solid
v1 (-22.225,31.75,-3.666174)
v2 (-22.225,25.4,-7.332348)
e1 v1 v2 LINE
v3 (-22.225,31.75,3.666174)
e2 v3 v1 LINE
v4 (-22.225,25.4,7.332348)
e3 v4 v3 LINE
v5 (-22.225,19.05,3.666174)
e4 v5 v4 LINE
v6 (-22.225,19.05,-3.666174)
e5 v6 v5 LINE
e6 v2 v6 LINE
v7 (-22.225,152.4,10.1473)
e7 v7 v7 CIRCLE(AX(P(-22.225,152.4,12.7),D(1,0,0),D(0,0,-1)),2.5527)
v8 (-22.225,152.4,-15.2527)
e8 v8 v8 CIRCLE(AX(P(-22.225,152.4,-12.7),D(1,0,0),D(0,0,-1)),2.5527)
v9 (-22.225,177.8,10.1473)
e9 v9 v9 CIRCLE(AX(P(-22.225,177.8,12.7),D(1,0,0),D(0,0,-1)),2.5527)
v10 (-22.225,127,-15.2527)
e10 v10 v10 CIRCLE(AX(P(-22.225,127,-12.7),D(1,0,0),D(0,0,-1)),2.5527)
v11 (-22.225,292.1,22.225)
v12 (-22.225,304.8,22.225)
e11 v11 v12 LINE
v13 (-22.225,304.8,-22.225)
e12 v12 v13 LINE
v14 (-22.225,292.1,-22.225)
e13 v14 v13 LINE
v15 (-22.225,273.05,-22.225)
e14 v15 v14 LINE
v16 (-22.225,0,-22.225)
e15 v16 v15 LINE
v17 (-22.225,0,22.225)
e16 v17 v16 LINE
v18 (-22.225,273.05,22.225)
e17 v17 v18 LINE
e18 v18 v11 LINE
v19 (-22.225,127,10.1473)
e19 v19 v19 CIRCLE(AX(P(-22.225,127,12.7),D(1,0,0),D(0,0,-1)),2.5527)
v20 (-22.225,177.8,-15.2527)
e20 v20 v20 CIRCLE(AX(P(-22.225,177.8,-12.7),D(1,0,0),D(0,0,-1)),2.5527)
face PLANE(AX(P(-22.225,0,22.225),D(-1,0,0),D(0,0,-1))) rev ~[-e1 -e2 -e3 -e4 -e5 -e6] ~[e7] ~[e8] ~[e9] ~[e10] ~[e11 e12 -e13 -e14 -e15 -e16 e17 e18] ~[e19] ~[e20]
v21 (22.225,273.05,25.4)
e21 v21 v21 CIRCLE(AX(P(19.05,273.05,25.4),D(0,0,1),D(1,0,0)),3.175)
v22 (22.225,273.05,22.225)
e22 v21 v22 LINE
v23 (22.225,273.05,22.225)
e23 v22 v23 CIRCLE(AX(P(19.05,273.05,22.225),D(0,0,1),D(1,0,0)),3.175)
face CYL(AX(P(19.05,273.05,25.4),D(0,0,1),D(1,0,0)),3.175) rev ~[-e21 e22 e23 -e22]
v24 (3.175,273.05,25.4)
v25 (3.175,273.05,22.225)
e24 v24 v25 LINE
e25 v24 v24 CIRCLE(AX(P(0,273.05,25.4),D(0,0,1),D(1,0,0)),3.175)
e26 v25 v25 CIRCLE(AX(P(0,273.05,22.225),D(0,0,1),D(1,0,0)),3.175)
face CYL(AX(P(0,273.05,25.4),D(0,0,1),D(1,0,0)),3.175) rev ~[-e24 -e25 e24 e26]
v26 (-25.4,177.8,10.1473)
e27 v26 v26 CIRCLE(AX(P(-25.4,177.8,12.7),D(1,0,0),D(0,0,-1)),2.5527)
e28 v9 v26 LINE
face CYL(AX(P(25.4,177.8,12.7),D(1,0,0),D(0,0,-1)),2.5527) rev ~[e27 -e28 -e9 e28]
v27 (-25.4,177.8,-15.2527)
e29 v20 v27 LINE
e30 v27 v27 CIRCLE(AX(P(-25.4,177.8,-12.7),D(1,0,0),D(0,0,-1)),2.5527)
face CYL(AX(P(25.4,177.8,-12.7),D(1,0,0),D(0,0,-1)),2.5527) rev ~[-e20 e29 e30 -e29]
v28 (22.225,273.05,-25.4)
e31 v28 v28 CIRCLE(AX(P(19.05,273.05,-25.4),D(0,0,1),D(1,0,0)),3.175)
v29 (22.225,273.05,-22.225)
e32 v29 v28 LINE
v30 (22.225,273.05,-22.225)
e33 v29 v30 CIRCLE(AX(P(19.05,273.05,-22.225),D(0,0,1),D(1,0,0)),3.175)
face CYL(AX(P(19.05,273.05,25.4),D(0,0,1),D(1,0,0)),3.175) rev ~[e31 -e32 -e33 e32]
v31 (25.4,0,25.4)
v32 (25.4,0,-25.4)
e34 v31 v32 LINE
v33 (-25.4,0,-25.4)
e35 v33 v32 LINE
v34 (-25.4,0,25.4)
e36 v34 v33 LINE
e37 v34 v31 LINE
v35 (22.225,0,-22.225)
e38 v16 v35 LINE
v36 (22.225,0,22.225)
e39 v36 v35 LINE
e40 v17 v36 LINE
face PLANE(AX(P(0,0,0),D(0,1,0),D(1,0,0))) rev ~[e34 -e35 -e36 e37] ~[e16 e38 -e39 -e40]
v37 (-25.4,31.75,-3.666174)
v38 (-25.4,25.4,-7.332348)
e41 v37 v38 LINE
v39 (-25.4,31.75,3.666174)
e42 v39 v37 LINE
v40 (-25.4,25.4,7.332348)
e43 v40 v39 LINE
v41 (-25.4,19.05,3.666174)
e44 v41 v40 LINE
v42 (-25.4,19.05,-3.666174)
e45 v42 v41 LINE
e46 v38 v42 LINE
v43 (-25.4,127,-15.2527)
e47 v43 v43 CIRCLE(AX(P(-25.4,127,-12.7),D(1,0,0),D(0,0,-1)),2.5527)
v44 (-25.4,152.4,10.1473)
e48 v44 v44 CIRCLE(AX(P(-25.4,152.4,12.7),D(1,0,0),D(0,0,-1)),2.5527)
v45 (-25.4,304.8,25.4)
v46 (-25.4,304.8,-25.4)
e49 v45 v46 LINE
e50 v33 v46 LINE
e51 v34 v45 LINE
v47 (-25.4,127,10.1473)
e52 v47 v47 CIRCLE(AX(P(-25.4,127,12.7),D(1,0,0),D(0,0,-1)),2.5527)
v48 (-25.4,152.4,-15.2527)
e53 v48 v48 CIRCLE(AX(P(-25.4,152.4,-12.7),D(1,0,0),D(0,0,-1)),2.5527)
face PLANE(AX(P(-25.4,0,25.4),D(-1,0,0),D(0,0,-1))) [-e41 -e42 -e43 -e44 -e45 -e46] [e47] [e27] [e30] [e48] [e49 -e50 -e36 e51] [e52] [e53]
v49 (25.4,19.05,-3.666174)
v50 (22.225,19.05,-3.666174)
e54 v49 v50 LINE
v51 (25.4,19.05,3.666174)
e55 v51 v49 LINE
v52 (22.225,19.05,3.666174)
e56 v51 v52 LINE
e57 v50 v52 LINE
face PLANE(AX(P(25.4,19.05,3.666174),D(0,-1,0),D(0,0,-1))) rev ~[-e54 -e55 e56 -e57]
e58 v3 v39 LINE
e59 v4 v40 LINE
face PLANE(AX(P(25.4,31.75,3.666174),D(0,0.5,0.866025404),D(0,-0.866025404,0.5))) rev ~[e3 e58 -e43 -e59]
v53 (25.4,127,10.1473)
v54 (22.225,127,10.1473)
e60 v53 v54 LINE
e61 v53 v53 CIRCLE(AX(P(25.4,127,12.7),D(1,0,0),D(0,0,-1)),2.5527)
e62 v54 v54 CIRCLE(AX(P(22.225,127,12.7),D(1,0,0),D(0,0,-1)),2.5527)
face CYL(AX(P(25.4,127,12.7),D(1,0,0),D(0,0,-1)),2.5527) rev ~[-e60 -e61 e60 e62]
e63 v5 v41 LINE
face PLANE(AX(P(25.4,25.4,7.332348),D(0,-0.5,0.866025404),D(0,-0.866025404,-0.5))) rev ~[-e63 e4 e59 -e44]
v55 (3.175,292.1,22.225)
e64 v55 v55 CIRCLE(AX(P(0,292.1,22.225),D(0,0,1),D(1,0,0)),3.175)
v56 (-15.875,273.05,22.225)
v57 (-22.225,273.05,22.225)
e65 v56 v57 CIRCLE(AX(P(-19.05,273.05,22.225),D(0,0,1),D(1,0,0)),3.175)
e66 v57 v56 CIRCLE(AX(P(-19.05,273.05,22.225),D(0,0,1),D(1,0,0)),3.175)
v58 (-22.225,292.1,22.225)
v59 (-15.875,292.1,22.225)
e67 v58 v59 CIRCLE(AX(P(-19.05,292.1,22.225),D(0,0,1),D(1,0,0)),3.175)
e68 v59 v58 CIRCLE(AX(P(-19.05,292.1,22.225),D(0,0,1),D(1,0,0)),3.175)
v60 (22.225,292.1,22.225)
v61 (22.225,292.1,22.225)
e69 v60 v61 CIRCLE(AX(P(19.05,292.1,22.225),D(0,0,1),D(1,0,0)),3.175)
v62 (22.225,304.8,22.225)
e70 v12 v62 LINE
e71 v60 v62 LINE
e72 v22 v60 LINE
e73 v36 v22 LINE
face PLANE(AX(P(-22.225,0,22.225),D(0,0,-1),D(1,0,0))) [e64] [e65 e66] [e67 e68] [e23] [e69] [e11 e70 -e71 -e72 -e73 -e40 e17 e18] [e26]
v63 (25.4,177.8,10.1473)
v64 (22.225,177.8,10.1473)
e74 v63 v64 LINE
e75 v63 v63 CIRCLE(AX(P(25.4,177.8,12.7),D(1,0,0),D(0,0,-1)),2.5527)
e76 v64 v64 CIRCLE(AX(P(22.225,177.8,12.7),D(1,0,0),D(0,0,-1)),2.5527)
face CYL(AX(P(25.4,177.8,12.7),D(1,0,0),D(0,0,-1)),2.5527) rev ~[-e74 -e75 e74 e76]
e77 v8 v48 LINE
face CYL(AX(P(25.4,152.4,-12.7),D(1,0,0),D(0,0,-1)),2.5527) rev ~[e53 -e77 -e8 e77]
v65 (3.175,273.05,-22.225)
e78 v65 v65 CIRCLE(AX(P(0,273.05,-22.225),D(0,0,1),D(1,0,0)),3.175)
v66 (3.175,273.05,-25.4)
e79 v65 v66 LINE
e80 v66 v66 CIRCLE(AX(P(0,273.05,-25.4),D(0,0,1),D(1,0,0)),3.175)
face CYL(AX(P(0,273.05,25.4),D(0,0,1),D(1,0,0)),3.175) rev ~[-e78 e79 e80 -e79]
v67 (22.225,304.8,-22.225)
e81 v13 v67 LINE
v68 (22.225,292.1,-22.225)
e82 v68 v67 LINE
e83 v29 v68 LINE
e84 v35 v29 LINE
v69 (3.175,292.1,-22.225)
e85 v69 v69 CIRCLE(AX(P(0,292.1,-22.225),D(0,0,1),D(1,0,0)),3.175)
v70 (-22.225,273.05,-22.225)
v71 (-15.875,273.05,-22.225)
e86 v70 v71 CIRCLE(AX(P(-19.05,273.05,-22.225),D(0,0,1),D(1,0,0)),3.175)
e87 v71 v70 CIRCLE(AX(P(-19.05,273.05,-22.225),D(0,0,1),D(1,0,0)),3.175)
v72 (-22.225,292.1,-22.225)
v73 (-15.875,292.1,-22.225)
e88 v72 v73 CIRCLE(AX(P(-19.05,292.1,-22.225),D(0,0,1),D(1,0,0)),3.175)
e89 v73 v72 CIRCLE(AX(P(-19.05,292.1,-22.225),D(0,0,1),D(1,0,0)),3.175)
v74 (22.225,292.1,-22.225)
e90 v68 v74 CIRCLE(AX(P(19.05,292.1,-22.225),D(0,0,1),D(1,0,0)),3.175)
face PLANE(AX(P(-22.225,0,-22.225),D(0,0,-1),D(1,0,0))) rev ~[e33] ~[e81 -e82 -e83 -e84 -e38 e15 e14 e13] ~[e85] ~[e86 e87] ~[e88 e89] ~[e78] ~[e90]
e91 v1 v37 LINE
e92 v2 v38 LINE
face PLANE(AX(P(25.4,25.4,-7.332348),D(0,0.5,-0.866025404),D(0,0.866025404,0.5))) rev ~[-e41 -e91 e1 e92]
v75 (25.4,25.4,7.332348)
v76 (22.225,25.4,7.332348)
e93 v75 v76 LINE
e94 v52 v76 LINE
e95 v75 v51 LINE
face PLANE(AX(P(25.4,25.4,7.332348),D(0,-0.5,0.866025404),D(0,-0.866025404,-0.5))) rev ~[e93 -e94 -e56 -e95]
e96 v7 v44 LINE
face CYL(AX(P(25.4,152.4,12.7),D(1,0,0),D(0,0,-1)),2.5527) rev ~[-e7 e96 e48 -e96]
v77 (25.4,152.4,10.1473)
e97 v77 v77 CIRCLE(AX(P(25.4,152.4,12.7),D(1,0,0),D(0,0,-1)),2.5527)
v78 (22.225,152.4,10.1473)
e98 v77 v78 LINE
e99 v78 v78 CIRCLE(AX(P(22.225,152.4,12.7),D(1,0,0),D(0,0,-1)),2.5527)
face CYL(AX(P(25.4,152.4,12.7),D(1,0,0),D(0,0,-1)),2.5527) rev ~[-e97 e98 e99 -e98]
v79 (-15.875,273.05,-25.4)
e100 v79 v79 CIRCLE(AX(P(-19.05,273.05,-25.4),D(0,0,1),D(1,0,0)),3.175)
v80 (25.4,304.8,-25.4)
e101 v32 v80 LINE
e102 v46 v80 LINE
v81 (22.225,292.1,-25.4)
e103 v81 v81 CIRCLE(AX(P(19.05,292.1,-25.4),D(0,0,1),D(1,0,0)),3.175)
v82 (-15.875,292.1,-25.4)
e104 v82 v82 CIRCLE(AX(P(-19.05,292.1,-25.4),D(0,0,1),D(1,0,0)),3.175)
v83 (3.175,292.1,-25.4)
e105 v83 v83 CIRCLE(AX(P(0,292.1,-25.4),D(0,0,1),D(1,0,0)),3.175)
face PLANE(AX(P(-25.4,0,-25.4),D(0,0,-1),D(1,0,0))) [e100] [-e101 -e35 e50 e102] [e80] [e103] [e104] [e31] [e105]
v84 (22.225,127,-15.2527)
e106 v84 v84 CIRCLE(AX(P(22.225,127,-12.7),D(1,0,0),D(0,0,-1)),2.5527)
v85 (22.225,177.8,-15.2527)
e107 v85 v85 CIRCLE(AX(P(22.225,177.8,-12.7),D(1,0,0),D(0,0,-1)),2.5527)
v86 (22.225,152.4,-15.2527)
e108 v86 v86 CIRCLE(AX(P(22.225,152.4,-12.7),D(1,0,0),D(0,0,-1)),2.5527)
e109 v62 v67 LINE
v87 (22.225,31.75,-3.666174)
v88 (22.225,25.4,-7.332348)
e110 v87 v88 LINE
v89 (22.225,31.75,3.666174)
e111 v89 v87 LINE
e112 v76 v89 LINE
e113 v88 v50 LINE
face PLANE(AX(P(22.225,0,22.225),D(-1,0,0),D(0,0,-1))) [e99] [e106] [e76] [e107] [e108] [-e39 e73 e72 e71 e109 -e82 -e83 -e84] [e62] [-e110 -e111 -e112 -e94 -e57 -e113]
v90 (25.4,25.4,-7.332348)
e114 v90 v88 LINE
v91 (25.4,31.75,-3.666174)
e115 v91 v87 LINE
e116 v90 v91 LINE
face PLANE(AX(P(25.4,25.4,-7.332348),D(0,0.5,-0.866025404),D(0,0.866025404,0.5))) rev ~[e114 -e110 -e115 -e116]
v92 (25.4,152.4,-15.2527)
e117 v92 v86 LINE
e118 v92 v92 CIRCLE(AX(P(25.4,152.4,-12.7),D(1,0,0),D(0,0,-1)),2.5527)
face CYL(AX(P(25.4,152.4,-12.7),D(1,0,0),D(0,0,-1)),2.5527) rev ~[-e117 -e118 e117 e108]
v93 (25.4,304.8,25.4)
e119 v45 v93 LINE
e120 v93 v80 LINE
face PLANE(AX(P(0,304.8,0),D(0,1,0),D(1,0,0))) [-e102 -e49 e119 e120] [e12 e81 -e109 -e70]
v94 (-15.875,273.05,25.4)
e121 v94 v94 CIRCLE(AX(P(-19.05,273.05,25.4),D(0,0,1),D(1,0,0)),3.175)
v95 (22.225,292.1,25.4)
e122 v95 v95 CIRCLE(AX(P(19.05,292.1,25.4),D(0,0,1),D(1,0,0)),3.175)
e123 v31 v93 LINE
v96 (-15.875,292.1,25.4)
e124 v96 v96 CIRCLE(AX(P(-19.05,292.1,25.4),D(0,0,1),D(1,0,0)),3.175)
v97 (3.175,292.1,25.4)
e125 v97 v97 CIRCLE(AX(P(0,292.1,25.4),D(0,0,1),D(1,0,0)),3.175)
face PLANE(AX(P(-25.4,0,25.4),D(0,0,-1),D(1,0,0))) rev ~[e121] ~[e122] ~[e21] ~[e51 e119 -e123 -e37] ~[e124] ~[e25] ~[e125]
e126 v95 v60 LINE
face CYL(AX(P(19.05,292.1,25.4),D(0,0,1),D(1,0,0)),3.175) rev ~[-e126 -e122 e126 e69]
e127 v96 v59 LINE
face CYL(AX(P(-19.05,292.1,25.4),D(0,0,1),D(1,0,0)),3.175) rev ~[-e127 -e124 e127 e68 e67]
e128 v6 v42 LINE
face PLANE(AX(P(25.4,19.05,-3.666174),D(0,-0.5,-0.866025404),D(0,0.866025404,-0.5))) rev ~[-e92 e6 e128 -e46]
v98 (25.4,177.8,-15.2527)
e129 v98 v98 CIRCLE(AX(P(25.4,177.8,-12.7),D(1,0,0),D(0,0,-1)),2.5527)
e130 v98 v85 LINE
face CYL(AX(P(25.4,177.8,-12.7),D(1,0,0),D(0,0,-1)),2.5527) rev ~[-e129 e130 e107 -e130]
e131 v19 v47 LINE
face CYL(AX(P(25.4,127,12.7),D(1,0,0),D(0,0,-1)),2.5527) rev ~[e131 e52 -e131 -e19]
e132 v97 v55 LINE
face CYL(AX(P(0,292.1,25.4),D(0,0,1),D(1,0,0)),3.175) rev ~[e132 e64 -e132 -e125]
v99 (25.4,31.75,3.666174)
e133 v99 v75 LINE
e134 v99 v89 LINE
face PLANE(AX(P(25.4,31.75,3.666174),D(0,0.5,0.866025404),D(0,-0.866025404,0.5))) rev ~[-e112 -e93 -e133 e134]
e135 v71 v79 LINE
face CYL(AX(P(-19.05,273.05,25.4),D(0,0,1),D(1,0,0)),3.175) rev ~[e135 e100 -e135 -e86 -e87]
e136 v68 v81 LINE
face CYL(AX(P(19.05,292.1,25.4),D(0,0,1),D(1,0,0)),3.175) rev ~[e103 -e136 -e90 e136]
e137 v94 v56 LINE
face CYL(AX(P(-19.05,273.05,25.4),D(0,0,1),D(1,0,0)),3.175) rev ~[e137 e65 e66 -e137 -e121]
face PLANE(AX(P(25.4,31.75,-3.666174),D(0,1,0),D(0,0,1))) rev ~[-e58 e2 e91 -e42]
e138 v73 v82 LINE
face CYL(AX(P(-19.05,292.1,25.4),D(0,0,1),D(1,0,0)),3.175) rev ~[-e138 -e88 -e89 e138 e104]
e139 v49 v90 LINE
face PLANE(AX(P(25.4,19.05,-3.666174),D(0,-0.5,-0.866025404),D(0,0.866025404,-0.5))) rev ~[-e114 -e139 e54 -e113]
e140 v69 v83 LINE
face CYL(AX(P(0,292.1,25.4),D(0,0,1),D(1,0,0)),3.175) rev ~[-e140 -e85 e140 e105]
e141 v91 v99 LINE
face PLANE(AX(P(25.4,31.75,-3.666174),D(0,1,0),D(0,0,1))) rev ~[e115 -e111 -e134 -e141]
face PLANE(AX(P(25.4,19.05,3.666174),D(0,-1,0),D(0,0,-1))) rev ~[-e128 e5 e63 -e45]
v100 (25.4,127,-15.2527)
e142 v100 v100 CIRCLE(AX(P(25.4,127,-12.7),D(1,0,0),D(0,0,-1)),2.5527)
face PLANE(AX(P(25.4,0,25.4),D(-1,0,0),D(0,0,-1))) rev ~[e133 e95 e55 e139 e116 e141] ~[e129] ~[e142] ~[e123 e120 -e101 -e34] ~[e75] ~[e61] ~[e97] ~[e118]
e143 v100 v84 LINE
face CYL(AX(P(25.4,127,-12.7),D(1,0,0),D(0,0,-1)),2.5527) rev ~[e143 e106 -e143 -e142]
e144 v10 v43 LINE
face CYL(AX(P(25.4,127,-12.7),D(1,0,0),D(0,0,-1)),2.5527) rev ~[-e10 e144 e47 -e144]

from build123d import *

# Parameters (mm, degrees)
SKETCH1_W            = 50.8
SKETCH1_H            = 50.8
SKETCH1_W_2          = 44.45
SKETCH1_H_2          = 44.45
BOSS_EXTRUDE1_DEPTH  = 304.8
SKETCH2_R            = 3.175
CUT_EXTRUDE1_DEPTH   = 101.6
LPATTERN1_COUNT      = 3
LPATTERN1_PITCH      = 19.05
LPATTERN1_COUNT_DIR2 = 2
LPATTERN1_PITCH_DIR2 = 19.05
CUT_EXTRUDE2_DEPTH   = 311.04651264
SKETCH4_R            = 2.5527
CUT_EXTRUDE3_DEPTH   = 50.8
LPATTERN2_COUNT      = 3
LPATTERN2_PITCH      = 25.4
LPATTERN2_COUNT_DIR2 = 2
LPATTERN2_PITCH_DIR2 = 25.4


with BuildPart() as part:
    # Sketch1 → Boss-Extrude1 (new body)
    with BuildSketch(Plane(origin=(0, 0, 0), x_dir=(1, 0, 0), z_dir=(0, 1, 0))):
        Rectangle(SKETCH1_W, SKETCH1_H)
        Rectangle(SKETCH1_W_2, SKETCH1_H_2, mode=Mode.SUBTRACT)
    extrude(amount=BOSS_EXTRUDE1_DEPTH)

    # Sketch2 → Cut-Extrude1 (cut)
    with BuildSketch(Plane.XY.offset(25.4)):
        with Locations((-19.05, 292.1)):
            Circle(SKETCH2_R)
    cut_extrude1 = extrude(amount=-CUT_EXTRUDE1_DEPTH, mode=Mode.SUBTRACT)

    # LPattern1: Cut-Extrude1 3 × 2
    with Locations(*[(i * LPATTERN1_PITCH, -j * LPATTERN1_PITCH_DIR2, 0) for i in range(LPATTERN1_COUNT) for j in range(LPATTERN1_COUNT_DIR2) if (i, j) != (0, 0)]):
        add(cut_extrude1, mode=Mode.SUBTRACT)

    # Sketch3 → Cut-Extrude2 (cut, through all)
    with BuildSketch(Plane(origin=(25.4, 0, 0), x_dir=(0, 0, -1), z_dir=(1, 0, 0))):
        Polygon((-3.666174209, 19.05), (3.666174209, 19.05), (7.332348419, 25.4), (3.666174209, 31.75), (-3.666174209, 31.75), (-7.332348419, 25.4), align=None)
    extrude(amount=-CUT_EXTRUDE2_DEPTH, mode=Mode.SUBTRACT)

    # Sketch4 → Cut-Extrude3 (cut)
    with BuildSketch(Plane(origin=(25.4, 0, 0), x_dir=(0, 0, -1), z_dir=(1, 0, 0))):
        with Locations((-12.7, 177.8)):
            Circle(SKETCH4_R)
    cut_extrude3 = extrude(amount=-CUT_EXTRUDE3_DEPTH, mode=Mode.SUBTRACT)

    # LPattern2: Cut-Extrude3 3 × 2
    with Locations(*[(0, -i * LPATTERN2_PITCH, -j * LPATTERN2_PITCH_DIR2) for i in range(LPATTERN2_COUNT) for j in range(LPATTERN2_COUNT_DIR2) if (i, j) != (0, 0)]):
        add(cut_extrude3, mode=Mode.SUBTRACT)


solid = part.part
